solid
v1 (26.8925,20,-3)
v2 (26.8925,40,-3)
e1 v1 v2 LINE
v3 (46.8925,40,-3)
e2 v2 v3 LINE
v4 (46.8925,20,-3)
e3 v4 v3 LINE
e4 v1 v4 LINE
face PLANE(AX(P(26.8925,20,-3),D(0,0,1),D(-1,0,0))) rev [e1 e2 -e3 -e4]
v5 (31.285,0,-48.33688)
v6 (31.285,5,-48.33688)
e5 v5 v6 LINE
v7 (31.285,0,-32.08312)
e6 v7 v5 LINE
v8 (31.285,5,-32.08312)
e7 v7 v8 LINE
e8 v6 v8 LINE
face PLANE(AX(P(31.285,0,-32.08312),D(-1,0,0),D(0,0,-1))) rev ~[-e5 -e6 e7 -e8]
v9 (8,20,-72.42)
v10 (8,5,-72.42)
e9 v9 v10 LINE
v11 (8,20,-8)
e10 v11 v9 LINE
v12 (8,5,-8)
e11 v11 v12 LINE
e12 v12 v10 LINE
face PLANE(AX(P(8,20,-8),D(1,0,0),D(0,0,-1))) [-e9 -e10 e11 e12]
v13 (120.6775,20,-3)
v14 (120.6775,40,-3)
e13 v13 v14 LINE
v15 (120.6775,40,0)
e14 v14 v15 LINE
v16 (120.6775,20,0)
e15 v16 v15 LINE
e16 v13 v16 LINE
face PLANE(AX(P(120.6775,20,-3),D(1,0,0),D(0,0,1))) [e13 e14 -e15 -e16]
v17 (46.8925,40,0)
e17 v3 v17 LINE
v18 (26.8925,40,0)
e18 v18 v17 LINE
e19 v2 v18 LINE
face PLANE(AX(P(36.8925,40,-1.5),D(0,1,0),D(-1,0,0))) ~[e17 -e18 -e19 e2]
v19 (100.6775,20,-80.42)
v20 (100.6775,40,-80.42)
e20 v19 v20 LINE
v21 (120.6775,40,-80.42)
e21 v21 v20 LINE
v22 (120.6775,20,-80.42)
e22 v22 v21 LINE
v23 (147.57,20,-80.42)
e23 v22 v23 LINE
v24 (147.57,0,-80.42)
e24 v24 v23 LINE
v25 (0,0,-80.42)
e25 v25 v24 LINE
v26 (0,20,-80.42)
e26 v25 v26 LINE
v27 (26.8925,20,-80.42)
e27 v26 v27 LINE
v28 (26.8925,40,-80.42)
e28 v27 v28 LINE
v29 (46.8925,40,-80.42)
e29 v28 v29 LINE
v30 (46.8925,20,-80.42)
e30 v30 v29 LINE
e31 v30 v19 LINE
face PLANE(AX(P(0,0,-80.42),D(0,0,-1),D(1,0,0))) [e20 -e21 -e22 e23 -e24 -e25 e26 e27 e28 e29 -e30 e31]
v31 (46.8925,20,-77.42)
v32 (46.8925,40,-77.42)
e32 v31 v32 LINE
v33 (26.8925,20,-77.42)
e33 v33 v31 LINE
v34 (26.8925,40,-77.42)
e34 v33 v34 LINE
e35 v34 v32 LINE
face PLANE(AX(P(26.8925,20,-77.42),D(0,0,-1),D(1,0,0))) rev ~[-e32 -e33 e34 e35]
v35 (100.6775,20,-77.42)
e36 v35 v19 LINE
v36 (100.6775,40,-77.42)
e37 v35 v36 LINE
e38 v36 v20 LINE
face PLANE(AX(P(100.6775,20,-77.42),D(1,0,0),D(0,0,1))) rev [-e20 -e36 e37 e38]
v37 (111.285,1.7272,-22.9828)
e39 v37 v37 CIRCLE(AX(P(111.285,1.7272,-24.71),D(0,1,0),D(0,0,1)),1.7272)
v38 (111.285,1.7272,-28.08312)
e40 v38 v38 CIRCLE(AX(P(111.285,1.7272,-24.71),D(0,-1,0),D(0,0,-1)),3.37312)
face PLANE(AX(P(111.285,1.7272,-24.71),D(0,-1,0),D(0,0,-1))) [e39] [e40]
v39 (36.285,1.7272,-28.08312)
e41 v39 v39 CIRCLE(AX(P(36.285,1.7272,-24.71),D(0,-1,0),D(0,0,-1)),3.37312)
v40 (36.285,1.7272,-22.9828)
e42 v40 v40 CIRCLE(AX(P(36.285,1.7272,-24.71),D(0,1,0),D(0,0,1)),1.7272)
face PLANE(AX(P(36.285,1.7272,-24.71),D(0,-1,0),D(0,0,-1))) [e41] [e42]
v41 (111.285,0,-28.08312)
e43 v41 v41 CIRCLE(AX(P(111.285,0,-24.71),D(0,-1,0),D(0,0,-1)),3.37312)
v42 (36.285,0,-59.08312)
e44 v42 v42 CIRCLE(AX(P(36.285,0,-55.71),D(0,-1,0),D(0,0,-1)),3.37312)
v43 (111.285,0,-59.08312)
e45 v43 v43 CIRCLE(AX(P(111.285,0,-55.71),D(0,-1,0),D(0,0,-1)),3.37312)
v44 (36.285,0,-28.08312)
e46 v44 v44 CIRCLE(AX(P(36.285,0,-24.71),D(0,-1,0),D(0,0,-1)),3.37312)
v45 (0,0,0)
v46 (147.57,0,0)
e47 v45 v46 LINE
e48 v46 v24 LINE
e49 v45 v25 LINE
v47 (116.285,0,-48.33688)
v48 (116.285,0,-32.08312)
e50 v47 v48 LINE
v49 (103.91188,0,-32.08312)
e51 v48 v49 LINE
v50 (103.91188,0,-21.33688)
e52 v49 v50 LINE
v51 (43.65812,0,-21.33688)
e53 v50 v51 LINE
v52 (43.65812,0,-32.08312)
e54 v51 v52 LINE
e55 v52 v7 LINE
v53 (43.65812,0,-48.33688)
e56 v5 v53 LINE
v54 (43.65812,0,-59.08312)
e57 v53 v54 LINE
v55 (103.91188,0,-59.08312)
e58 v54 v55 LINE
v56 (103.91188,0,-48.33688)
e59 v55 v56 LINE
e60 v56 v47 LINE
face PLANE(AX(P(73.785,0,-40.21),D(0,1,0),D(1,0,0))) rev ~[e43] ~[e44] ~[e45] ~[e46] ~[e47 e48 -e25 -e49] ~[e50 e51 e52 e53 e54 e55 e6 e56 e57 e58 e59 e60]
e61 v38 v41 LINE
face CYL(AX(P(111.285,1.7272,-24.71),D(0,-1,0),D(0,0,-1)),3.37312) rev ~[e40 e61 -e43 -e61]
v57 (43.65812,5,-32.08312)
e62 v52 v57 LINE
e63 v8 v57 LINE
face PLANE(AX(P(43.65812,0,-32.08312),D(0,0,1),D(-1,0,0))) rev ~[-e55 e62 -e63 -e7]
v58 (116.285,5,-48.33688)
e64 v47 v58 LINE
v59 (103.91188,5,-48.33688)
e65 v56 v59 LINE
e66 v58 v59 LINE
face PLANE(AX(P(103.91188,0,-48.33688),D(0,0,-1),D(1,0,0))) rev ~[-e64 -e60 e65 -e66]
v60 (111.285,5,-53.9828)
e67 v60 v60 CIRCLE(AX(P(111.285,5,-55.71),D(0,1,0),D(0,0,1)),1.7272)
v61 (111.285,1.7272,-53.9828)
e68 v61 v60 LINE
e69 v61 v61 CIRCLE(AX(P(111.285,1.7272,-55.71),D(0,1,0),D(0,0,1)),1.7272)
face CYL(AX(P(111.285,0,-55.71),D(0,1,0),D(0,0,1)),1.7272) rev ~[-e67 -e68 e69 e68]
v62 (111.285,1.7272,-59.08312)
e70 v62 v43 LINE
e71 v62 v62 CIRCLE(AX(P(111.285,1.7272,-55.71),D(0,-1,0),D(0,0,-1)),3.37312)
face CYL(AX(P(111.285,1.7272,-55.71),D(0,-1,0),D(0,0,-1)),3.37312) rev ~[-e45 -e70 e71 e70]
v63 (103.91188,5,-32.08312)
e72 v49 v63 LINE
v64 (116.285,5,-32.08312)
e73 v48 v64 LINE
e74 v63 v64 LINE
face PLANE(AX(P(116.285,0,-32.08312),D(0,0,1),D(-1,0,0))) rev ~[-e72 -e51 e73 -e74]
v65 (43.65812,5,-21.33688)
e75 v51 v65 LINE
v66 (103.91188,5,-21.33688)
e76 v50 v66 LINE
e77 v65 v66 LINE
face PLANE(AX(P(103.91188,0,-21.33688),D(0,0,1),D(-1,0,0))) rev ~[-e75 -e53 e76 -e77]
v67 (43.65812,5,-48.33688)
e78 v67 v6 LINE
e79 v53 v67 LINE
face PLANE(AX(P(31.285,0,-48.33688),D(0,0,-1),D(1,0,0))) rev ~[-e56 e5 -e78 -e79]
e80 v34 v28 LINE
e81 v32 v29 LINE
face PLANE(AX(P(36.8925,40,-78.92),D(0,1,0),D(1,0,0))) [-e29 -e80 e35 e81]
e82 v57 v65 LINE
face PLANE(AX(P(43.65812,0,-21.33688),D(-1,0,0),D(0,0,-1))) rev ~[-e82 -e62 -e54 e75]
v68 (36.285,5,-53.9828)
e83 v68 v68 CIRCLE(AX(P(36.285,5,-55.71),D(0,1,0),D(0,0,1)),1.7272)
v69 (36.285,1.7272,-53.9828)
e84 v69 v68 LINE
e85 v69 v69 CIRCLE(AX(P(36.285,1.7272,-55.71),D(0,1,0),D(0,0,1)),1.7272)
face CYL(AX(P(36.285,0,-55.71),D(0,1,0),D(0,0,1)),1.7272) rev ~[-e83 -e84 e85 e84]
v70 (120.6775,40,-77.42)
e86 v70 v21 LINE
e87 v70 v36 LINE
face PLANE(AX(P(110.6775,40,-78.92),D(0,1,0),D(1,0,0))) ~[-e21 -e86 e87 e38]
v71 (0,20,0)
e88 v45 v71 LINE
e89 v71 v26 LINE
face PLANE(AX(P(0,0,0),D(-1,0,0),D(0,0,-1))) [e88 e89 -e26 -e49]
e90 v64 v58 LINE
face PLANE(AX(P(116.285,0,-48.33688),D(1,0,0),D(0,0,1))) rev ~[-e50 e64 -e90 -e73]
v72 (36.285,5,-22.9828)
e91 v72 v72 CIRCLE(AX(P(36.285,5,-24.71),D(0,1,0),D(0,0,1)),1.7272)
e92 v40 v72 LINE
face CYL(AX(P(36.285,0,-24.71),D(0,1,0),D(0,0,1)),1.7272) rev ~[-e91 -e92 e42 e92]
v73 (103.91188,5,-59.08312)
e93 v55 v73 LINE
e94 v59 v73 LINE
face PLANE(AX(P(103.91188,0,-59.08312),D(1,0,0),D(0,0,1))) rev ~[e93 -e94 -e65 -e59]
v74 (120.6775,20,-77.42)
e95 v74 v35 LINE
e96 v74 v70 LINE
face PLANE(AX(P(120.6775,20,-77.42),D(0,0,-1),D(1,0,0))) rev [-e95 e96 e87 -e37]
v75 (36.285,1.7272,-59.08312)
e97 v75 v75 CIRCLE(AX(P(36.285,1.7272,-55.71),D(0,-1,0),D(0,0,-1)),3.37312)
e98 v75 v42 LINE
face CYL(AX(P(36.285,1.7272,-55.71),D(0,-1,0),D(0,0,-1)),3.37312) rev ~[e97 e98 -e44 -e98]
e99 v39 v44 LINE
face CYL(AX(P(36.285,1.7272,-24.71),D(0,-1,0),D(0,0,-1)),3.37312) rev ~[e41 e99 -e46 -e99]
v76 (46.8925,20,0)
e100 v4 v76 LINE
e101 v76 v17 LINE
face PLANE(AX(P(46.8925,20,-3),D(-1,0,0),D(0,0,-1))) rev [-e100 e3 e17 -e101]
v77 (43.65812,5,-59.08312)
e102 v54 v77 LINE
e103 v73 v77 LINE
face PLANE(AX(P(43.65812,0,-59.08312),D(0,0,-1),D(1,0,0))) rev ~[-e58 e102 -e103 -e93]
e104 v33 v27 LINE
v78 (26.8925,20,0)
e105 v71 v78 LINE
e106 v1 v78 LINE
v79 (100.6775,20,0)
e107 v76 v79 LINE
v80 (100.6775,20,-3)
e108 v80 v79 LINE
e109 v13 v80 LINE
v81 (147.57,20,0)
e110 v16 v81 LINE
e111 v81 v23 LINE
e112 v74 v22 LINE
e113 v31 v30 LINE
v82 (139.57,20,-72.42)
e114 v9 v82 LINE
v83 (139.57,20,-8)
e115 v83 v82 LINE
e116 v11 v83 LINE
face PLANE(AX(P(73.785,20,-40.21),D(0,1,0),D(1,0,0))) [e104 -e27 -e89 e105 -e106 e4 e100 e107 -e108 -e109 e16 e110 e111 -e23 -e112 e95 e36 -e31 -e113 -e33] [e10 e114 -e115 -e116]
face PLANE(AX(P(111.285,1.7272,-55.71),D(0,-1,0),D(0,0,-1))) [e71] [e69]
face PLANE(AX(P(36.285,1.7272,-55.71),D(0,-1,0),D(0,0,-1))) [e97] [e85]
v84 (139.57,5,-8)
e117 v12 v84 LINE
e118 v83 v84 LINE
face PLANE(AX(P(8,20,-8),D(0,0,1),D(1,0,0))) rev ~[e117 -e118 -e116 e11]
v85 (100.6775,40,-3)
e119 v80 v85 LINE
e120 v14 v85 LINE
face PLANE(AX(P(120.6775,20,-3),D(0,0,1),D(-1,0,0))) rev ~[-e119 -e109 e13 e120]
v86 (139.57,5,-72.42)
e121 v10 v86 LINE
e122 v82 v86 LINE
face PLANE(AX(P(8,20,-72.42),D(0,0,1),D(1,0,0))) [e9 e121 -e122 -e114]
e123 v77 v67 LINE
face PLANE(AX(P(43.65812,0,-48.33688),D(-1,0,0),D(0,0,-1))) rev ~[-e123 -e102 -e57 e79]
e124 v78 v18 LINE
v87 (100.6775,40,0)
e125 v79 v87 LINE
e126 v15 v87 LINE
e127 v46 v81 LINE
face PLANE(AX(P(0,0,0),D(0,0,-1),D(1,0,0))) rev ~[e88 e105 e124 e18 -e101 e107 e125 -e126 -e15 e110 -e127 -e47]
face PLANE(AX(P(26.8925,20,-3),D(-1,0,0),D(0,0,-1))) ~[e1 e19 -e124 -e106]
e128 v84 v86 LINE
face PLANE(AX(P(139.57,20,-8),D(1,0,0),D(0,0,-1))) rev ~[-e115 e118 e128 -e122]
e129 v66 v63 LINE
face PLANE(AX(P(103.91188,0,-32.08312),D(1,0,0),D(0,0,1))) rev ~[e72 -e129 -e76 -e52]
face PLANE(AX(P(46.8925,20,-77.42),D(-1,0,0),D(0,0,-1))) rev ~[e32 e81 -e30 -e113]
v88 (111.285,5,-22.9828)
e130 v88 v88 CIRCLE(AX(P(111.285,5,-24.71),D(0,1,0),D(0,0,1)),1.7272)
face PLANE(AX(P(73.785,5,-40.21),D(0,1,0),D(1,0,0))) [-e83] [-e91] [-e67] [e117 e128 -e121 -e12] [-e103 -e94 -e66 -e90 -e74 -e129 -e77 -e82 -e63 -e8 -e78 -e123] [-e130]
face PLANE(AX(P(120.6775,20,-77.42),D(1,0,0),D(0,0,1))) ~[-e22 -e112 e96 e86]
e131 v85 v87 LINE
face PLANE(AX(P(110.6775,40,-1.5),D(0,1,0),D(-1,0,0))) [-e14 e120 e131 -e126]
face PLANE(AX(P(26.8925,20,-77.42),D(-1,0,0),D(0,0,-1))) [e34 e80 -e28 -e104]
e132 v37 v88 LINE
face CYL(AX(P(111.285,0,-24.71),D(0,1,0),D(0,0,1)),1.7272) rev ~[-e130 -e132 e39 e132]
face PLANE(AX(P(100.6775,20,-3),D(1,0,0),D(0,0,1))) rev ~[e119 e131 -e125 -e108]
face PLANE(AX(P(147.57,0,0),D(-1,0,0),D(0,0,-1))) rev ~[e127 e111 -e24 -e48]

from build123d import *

# Parameters (mm, degrees)
SKETCH1_W                                           = 147.57
SKETCH1_H                                           = 80.42
BOSS_EXTRUDE1_DEPTH                                 = 20
SKETCH2_W                                           = 131.57
SKETCH2_H                                           = 64.42
CUT_EXTRUDE1_DEPTH                                  = 15
CBORE_FOR_4_BINDING_HEAD_MACHINE_SCREW1_D           = 3.4544
CBORE_FOR_4_BINDING_HEAD_MACHINE_SCREW1_CBORE_D     = 6.74624
CBORE_FOR_4_BINDING_HEAD_MACHINE_SCREW1_CBORE_DEPTH = 1.7272
CUT_EXTRUDE2_DEPTH                                  = 170.246215024
SKETCH6_W                                           = 20
SKETCH6_H                                           = 3
BOSS_EXTRUDE2_DEPTH                                 = 20
MIRROR2_COPY_1_SKETCH_W                             = 20
MIRROR2_COPY_1_SKETCH_H                             = 3
MIRROR2_COPY_1_DEPTH                                = 20


with BuildPart() as part:
    # Sketch1 → Boss-Extrude1 (new body)
    with BuildSketch(Plane(origin=(0, 0, 0), x_dir=(1, 0, 0), z_dir=(0, 1, 0))):
        with Locations((73.785, 40.21)):
            Rectangle(SKETCH1_W, SKETCH1_H)
    extrude(amount=BOSS_EXTRUDE1_DEPTH)

    # Sketch2 → Cut-Extrude1 (cut)
    with BuildSketch(Plane(origin=(0, 20, 0), x_dir=(1, 0, 0), z_dir=(0, 1, 0))):
        with Locations((73.785, 40.21)):
            Rectangle(SKETCH2_W, SKETCH2_H)
    extrude(amount=-CUT_EXTRUDE1_DEPTH, mode=Mode.SUBTRACT)

    # CBORE for #4 Binding Head Machine Screw1 (through all)
    with Locations(Plane(origin=(36.285, 0, -24.71), x_dir=(0, 0, -1), z_dir=(0, -1, 0))):
        with Locations((0, 0), (31, 0), (0, 75), (31, 75)):
            CounterBoreHole(CBORE_FOR_4_BINDING_HEAD_MACHINE_SCREW1_D / 2, CBORE_FOR_4_BINDING_HEAD_MACHINE_SCREW1_CBORE_D / 2, CBORE_FOR_4_BINDING_HEAD_MACHINE_SCREW1_CBORE_DEPTH)

    # Sketch5 → Cut-Extrude2 (cut, through all)
    with BuildSketch(Plane.XZ):
        Polygon((103.91188, -32.08312), (103.91188, -21.33688), (43.65812, -21.33688), (43.65812, -32.08312), (31.285, -32.08312), (31.285, -48.33688), (43.65812, -48.33688), (43.65812, -59.08312), (103.91188, -59.08312), (103.91188, -48.33688), (116.285, -48.33688), (116.285, -32.08312), align=None)
    extrude(amount=-CUT_EXTRUDE2_DEPTH, mode=Mode.SUBTRACT)

    # Sketch6 → Boss-Extrude2 (add)
    with BuildSketch(Plane(origin=(0, 20, 0), x_dir=(1, 0, 0), z_dir=(0, 1, 0))):
        with Locations((36.8925, 78.92)):
            Rectangle(SKETCH6_W, SKETCH6_H)
    boss_extrude2 = extrude(amount=BOSS_EXTRUDE2_DEPTH)

    # Mirror1: Boss-Extrude2 across plane
    add(boss_extrude2.mirror(Plane(origin=(73.785, 0, 0), x_dir=(0, 0, 1), z_dir=(1, 0, 0))))

    # Mirror2: Boss-Extrude2 across plane
    add(boss_extrude2.mirror(Plane(origin=(0, 0, -40.21), x_dir=(1, 0, 0), z_dir=(0, 0, -1))))

    # Mirror2 copy 1 sketch → Mirror2 copy 1 (add)
    with BuildSketch(Plane(origin=(147.57, 20, -80.42), x_dir=(-1, 0, 0), z_dir=(0, 1, 0))):
        with Locations((36.8925, 78.92)):
            Rectangle(MIRROR2_COPY_1_SKETCH_W, MIRROR2_COPY_1_SKETCH_H)
    extrude(amount=MIRROR2_COPY_1_DEPTH)


solid = part.part
